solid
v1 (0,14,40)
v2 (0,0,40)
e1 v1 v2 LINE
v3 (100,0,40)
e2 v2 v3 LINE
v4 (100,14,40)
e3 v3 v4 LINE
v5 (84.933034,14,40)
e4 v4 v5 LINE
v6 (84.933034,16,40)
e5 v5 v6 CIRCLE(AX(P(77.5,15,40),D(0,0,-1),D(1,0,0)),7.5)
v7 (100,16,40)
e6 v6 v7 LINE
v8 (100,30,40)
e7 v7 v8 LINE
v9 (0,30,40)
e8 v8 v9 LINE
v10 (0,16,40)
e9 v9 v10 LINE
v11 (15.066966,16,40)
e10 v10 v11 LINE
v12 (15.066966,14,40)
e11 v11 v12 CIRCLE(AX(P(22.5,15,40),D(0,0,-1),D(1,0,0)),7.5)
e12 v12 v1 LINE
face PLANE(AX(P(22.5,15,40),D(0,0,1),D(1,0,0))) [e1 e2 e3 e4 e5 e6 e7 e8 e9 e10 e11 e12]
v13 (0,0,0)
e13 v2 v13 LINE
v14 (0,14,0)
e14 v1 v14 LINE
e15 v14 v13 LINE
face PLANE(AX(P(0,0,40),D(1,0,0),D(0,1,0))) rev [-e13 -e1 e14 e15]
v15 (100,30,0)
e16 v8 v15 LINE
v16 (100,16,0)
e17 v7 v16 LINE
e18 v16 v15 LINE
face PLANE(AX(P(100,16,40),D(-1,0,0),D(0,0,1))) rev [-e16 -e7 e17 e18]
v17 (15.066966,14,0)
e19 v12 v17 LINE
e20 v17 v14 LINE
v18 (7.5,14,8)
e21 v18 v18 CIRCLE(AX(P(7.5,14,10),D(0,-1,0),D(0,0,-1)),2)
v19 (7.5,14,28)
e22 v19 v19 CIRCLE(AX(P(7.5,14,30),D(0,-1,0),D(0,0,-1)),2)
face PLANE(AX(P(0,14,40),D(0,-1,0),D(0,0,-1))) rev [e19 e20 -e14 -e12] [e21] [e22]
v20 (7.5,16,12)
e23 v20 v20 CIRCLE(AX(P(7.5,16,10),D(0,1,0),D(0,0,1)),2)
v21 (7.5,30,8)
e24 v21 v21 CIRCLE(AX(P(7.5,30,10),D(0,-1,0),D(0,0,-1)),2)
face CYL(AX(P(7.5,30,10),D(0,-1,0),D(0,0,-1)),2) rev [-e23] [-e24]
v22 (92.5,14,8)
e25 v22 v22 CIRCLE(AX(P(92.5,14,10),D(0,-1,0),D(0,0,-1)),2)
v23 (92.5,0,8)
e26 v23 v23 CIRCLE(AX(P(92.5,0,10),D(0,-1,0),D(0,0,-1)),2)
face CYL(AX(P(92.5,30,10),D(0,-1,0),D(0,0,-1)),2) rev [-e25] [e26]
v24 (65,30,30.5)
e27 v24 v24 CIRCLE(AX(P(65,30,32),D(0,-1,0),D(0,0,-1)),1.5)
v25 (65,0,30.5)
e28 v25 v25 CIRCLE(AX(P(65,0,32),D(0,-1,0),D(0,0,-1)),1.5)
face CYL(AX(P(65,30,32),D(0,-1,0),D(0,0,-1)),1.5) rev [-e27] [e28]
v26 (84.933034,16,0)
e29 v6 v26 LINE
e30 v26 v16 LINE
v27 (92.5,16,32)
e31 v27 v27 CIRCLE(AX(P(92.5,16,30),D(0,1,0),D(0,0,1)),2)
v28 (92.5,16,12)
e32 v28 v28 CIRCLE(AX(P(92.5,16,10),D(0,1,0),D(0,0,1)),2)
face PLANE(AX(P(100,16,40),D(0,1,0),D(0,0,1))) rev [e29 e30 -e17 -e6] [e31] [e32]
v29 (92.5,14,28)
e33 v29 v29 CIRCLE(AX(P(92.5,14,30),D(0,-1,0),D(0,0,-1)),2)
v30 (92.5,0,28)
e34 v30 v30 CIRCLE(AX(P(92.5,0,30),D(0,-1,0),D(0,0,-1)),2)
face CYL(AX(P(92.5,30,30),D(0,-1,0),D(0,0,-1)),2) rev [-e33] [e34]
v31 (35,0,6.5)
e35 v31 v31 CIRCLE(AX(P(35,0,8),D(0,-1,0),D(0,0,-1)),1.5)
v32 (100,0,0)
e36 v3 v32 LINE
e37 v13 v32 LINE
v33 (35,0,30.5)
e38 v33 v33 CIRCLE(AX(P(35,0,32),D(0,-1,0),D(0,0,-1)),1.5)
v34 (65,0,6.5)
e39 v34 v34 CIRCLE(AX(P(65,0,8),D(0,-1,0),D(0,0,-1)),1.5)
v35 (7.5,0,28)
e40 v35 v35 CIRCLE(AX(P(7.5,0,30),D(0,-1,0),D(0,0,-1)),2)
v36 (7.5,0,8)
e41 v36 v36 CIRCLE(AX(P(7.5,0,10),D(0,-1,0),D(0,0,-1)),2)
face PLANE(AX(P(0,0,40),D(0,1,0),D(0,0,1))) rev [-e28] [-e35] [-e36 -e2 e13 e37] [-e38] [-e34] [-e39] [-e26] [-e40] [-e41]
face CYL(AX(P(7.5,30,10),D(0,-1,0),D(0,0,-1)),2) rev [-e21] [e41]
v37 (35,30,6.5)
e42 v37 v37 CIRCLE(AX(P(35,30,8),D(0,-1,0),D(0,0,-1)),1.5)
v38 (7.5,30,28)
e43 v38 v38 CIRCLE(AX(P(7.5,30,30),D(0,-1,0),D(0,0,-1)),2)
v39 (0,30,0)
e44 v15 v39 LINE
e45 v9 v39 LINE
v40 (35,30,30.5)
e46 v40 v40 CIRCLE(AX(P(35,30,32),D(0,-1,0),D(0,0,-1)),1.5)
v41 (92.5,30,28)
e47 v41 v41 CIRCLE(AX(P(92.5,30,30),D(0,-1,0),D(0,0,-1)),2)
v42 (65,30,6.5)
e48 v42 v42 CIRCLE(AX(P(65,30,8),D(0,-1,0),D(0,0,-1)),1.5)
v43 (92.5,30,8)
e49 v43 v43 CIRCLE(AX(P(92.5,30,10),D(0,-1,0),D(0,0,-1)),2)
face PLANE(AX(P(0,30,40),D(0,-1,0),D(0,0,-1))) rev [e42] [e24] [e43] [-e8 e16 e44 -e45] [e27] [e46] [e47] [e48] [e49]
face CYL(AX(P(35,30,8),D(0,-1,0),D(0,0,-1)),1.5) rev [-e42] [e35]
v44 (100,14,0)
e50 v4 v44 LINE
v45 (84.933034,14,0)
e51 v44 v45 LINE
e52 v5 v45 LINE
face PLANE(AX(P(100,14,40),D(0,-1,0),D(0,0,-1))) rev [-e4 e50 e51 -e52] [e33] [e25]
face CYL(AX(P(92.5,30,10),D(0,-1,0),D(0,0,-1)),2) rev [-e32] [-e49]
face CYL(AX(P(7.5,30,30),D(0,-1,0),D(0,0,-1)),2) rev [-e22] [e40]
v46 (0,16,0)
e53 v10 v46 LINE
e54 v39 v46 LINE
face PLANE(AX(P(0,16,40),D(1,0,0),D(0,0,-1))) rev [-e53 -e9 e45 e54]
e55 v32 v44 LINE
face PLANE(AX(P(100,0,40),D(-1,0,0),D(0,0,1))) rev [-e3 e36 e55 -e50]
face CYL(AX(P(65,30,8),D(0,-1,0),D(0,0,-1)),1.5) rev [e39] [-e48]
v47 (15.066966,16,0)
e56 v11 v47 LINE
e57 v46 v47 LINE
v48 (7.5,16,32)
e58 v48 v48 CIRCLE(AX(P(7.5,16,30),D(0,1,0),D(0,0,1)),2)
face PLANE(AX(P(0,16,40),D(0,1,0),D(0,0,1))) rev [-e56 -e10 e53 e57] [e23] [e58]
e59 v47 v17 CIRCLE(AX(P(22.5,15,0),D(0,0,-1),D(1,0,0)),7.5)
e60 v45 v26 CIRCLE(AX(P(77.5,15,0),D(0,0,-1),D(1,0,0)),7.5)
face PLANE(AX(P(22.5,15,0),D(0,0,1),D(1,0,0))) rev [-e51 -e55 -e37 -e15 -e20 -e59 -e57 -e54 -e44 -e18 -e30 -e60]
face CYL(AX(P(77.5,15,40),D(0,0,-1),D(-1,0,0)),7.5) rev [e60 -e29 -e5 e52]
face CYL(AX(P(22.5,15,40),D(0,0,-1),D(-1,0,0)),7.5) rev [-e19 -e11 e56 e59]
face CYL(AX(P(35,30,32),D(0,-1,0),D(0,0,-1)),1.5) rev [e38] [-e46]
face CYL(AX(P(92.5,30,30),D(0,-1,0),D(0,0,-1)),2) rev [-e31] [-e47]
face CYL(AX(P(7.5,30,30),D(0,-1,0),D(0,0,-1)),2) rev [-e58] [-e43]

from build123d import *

# Parameters (mm, degrees)
EXTRUDE_1_DEPTH     = 40
SKETCH_2_R          = 2
SKETCH_2_R_2        = 1.5
CUT_EXTRUDE_1_DEPTH = 112.803398875


with BuildPart() as part:
    # Эскиз1 → Бобышка-Вытянуть1 (new body)
    with BuildSketch(Plane.XY):
        with BuildLine():
            Line((0, 0), (100, 0))
            Line((100, 0), (100, 14))
            Line((100, 14), (84.933034374, 14))
            ThreePointArc((84.933034374, 14), (70, 15), (84.933034374, 16))
            Line((84.933034374, 16), (100, 16))
            Line((100, 16), (100, 30))
            Line((100, 30), (0, 30))
            Line((0, 30), (0, 16))
            Line((0, 16), (15.066965626, 16))
            ThreePointArc((15.066965626, 16), (30, 15), (15.066965626, 14))
            Line((15.066965626, 14), (0, 14))
            Line((0, 14), (0, 0))
        make_face()
    extrude(amount=EXTRUDE_1_DEPTH)

    # Эскиз2 → Вырез-Вытянуть1 (cut, through all)
    with BuildSketch(Plane.XZ):
        with Locations(Location((7.5, 30, 0), (0, 0, 270))):
            Circle(SKETCH_2_R)
        with Locations(Location((7.5, 10, 0), (0, 0, 270))):
            Circle(SKETCH_2_R)
        with Locations(Location((92.5, 30, 0), (0, 0, 270))):
            Circle(SKETCH_2_R)
        with Locations(Location((92.5, 10, 0), (0, 0, 270))):
            Circle(SKETCH_2_R)
        with Locations(Location((35, 32, 0), (0, 0, 270))):
            Circle(SKETCH_2_R_2)
        with Locations(Location((65, 32, 0), (0, 0, 270))):
            Circle(SKETCH_2_R_2)
        with Locations(Location((35, 8, 0), (0, 0, 270))):
            Circle(SKETCH_2_R_2)
        with Locations(Location((65, 8, 0), (0, 0, 270))):
            Circle(SKETCH_2_R_2)
    extrude(amount=-CUT_EXTRUDE_1_DEPTH, mode=Mode.SUBTRACT)


solid = part.part
